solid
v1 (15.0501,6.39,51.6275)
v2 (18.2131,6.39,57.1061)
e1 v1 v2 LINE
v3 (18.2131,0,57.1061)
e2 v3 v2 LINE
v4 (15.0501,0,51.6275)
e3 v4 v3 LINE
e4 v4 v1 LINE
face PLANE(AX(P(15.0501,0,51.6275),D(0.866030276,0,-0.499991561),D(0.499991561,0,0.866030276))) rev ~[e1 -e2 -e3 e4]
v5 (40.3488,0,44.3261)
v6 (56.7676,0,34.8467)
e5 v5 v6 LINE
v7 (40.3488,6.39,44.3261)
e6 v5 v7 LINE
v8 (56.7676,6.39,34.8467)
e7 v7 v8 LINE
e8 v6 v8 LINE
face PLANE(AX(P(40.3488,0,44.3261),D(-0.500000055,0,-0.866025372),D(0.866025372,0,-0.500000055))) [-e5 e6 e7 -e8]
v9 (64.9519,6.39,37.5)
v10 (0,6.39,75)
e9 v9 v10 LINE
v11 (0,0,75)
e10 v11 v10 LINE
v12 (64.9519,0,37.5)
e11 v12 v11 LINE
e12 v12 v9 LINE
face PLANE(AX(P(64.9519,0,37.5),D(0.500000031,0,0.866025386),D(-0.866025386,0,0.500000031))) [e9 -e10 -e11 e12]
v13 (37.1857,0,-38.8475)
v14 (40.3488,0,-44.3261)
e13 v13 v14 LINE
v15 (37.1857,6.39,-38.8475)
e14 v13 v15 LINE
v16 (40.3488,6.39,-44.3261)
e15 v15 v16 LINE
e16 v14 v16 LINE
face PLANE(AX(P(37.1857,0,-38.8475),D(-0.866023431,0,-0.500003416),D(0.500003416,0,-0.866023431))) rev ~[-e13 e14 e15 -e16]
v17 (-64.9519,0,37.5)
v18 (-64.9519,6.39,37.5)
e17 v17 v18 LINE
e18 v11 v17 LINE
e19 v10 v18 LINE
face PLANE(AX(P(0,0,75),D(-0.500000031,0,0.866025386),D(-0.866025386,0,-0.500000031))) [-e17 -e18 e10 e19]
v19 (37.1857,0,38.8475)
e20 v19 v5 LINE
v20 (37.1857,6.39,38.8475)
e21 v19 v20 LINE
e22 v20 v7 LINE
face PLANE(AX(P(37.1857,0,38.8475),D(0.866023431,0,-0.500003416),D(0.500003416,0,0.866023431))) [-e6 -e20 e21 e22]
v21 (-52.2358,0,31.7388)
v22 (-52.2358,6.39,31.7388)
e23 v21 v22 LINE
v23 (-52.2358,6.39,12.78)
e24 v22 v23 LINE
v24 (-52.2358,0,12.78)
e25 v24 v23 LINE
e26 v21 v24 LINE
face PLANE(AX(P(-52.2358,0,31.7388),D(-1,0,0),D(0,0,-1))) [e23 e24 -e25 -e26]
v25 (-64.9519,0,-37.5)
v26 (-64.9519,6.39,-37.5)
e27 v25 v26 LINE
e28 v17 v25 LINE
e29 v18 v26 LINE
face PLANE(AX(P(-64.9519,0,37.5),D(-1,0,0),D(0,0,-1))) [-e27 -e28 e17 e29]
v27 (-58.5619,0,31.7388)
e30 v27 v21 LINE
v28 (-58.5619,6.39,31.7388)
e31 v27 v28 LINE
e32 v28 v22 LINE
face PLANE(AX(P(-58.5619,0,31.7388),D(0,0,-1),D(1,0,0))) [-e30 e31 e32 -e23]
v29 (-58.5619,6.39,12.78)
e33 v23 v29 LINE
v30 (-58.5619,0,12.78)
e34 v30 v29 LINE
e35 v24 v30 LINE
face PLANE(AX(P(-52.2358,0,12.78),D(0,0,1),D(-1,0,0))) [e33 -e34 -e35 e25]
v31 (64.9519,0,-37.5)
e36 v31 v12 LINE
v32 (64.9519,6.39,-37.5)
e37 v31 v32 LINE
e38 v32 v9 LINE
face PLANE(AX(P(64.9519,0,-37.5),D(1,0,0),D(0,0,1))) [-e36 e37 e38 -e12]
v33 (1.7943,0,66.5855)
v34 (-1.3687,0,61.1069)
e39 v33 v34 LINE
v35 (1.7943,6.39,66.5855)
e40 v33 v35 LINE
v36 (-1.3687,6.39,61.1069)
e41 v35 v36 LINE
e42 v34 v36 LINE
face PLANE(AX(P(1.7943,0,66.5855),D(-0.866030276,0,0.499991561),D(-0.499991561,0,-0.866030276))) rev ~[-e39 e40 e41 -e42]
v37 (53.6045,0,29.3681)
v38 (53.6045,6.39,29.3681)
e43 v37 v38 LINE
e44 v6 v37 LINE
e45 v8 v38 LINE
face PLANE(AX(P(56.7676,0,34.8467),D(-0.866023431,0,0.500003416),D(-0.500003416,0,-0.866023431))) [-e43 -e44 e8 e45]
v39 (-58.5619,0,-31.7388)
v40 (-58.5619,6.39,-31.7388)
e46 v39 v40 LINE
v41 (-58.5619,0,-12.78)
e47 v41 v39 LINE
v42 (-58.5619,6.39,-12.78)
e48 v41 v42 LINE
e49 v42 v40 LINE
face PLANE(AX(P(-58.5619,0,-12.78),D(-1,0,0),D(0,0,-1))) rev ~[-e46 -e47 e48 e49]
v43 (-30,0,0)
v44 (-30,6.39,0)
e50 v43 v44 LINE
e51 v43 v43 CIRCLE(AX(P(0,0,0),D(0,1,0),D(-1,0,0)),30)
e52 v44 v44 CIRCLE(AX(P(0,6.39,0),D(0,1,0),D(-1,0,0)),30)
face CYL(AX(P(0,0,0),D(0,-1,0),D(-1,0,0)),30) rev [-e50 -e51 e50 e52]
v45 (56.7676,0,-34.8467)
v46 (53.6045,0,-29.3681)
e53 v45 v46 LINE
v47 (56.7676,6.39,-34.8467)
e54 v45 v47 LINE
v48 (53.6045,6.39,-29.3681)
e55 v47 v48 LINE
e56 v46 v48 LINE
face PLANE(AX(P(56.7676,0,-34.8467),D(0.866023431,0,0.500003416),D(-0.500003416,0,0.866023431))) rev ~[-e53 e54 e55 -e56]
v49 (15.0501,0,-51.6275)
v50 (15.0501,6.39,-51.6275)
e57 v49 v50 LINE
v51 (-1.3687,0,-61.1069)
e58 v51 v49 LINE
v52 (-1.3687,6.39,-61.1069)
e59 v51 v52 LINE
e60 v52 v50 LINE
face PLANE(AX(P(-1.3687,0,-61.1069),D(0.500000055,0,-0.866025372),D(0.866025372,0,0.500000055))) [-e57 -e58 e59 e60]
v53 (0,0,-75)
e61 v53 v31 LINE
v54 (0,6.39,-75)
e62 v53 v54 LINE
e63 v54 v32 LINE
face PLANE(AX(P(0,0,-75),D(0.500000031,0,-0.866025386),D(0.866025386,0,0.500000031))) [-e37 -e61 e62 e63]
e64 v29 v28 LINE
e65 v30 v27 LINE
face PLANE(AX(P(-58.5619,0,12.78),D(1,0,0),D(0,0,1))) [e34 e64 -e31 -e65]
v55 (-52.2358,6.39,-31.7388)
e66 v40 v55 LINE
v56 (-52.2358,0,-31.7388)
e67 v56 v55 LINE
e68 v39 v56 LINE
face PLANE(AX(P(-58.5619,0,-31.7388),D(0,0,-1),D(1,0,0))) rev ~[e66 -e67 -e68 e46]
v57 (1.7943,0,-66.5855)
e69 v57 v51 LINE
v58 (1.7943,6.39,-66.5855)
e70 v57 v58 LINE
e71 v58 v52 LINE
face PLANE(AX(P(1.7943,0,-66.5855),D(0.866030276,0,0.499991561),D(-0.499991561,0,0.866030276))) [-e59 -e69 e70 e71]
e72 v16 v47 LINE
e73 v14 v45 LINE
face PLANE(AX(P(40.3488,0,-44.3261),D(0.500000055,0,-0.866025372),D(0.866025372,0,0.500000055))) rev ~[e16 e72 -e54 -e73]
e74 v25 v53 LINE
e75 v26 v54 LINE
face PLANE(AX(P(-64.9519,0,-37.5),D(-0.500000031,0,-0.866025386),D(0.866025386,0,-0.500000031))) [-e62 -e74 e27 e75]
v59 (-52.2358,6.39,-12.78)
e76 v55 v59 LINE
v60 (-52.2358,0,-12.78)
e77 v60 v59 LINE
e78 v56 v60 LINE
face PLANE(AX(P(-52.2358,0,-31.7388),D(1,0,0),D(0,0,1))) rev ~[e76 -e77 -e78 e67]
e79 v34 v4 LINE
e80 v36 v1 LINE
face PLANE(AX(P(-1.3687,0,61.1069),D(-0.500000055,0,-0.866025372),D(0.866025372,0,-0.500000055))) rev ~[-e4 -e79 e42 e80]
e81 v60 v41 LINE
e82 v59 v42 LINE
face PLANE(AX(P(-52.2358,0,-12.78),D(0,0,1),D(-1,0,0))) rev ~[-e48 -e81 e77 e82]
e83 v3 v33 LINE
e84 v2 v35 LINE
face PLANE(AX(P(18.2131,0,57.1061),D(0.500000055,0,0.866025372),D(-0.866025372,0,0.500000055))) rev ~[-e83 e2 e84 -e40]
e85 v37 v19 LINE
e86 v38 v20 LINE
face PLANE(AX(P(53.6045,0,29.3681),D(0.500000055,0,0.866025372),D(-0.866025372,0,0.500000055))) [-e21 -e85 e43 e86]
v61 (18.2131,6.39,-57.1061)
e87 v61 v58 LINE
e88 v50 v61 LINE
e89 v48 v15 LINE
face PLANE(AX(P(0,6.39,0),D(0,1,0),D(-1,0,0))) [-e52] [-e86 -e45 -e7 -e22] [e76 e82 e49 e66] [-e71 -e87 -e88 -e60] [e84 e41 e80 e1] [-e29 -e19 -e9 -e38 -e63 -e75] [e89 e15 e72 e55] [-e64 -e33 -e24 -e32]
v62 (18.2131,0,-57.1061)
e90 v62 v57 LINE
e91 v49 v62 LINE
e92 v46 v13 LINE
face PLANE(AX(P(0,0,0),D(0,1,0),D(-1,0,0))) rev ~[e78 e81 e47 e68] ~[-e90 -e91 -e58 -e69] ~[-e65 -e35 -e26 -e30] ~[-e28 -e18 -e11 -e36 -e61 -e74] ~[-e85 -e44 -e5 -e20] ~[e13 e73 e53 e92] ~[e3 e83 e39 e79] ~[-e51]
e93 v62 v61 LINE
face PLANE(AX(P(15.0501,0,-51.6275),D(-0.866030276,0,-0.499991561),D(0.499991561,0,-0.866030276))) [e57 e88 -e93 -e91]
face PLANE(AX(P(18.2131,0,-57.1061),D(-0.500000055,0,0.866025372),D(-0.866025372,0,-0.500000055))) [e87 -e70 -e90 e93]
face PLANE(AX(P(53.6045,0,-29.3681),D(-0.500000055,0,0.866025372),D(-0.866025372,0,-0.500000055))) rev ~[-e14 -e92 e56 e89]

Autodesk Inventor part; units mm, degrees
ref_plane "YZ Plane" through (0, 0, 0) normal (1, 0, 0) x (0, 1, 0)
ref_plane "XZ Plane" through (0, 0, 0) normal (0, 1, 0) x (-1, 0, 0)
ref_plane "XY Plane" through (0, 0, 0) normal (0, 0, 1) x (1, 0, 0)
sketch "Sketch1" plane through (0, 0, 0) normal (0, 1, 0) x (-1, 0, 0)
  circle A0 centre (0, 0) radius 30
  line L0 (64.9519, -37.5) -> (0, -75)
  line L1 (0, -75) -> (-64.9519, -37.5)
  line L2 (-64.9519, -37.5) -> (-64.9519, 37.5)
  line L3 (-64.9519, 37.5) -> (0, 75)
  line L4 (0, 75) -> (64.9519, 37.5)
  line L5 (64.9519, 37.5) -> (64.9519, -37.5)
  line L6 (58.5619, 31.7388) -> (52.2358, 31.7388)
  line L7 (52.2358, 31.7388) -> (52.2358, 12.78)
  line L8 (52.2358, 12.78) -> (58.5619, 12.78)
  line L9 (58.5619, 12.78) -> (58.5619, 31.7388)
  line L10 (64.9519, 0) -> (0, 0) construction
  line L11 (58.5619, -31.7388) -> (52.2358, -31.7388)
  line L12 (52.2358, -31.7388) -> (52.2358, -12.78)
  line L13 (52.2358, -12.78) -> (58.5619, -12.78)
  line L14 (58.5619, -12.78) -> (58.5619, -31.7388)
  line L15 (-40.3488, 44.3261) -> (-56.7676, 34.8467)
  line L16 (-56.7676, 34.8467) -> (-53.6045, 29.3681)
  line L17 (-53.6045, 29.3681) -> (-37.1857, 38.8475)
  line L18 (-37.1857, 38.8475) -> (-40.3488, 44.3261)
  line L19 (-15.0501, 51.6275) -> (-18.2131, 57.1061)
  line L20 (-18.2131, 57.1061) -> (-1.7943, 66.5855)
  line L21 (-1.7943, 66.5855) -> (1.3687, 61.1069)
  line L22 (1.3687, 61.1069) -> (-15.0501, 51.6275)
  line L23 (-18.2131, -57.1061) -> (-1.7943, -66.5855)
  line L24 (-1.7943, -66.5855) -> (1.3687, -61.1069)
  line L25 (1.3687, -61.1069) -> (-15.0501, -51.6275)
  line L26 (-15.0501, -51.6275) -> (-18.2131, -57.1061)
  line L27 (-37.1857, -38.8475) -> (-40.3488, -44.3261)
  line L28 (-40.3488, -44.3261) -> (-56.7676, -34.8467)
  line L29 (-56.7676, -34.8467) -> (-53.6045, -29.3681)
  line L30 (-53.6045, -29.3681) -> (-37.1857, -38.8475)
  line L31 (55.3989, -12.78) -> (55.3989, 12.78) construction
  dimension "d0" = 60
  dimension "d3" = 6.3261
  dimension "d4" = 18.9588
  dimension "d5" = 6.39
  dimension "d6" = 12.78
  dimension "d9" = 360
  dimension "d13" = 75
  dimension "d14" = 150
  dimension "LightDiskArm" = 55.3989
  dimension "d16" = 58.5619
  dimension "d17" = 129.9038
extrude "Extrusion1" add sketch "Sketch1" along normal blind 6.39
equation "\"d3\" = 0.99 * WoodThickness"
equation "\"d4\" = 0.25 * DiskGap"
equation "\"d5\" = WoodThickness"
equation "\"d6\" = 2 * WoodThickness"
equation "\"d11\" = WoodThickness"
equation "\"WoodThickness\" = 6.39"
equation "\"DiskGap\" = 75.835317"
properties part number "LightDiskBottom" material "MDF Medium Density Fiberboard"
